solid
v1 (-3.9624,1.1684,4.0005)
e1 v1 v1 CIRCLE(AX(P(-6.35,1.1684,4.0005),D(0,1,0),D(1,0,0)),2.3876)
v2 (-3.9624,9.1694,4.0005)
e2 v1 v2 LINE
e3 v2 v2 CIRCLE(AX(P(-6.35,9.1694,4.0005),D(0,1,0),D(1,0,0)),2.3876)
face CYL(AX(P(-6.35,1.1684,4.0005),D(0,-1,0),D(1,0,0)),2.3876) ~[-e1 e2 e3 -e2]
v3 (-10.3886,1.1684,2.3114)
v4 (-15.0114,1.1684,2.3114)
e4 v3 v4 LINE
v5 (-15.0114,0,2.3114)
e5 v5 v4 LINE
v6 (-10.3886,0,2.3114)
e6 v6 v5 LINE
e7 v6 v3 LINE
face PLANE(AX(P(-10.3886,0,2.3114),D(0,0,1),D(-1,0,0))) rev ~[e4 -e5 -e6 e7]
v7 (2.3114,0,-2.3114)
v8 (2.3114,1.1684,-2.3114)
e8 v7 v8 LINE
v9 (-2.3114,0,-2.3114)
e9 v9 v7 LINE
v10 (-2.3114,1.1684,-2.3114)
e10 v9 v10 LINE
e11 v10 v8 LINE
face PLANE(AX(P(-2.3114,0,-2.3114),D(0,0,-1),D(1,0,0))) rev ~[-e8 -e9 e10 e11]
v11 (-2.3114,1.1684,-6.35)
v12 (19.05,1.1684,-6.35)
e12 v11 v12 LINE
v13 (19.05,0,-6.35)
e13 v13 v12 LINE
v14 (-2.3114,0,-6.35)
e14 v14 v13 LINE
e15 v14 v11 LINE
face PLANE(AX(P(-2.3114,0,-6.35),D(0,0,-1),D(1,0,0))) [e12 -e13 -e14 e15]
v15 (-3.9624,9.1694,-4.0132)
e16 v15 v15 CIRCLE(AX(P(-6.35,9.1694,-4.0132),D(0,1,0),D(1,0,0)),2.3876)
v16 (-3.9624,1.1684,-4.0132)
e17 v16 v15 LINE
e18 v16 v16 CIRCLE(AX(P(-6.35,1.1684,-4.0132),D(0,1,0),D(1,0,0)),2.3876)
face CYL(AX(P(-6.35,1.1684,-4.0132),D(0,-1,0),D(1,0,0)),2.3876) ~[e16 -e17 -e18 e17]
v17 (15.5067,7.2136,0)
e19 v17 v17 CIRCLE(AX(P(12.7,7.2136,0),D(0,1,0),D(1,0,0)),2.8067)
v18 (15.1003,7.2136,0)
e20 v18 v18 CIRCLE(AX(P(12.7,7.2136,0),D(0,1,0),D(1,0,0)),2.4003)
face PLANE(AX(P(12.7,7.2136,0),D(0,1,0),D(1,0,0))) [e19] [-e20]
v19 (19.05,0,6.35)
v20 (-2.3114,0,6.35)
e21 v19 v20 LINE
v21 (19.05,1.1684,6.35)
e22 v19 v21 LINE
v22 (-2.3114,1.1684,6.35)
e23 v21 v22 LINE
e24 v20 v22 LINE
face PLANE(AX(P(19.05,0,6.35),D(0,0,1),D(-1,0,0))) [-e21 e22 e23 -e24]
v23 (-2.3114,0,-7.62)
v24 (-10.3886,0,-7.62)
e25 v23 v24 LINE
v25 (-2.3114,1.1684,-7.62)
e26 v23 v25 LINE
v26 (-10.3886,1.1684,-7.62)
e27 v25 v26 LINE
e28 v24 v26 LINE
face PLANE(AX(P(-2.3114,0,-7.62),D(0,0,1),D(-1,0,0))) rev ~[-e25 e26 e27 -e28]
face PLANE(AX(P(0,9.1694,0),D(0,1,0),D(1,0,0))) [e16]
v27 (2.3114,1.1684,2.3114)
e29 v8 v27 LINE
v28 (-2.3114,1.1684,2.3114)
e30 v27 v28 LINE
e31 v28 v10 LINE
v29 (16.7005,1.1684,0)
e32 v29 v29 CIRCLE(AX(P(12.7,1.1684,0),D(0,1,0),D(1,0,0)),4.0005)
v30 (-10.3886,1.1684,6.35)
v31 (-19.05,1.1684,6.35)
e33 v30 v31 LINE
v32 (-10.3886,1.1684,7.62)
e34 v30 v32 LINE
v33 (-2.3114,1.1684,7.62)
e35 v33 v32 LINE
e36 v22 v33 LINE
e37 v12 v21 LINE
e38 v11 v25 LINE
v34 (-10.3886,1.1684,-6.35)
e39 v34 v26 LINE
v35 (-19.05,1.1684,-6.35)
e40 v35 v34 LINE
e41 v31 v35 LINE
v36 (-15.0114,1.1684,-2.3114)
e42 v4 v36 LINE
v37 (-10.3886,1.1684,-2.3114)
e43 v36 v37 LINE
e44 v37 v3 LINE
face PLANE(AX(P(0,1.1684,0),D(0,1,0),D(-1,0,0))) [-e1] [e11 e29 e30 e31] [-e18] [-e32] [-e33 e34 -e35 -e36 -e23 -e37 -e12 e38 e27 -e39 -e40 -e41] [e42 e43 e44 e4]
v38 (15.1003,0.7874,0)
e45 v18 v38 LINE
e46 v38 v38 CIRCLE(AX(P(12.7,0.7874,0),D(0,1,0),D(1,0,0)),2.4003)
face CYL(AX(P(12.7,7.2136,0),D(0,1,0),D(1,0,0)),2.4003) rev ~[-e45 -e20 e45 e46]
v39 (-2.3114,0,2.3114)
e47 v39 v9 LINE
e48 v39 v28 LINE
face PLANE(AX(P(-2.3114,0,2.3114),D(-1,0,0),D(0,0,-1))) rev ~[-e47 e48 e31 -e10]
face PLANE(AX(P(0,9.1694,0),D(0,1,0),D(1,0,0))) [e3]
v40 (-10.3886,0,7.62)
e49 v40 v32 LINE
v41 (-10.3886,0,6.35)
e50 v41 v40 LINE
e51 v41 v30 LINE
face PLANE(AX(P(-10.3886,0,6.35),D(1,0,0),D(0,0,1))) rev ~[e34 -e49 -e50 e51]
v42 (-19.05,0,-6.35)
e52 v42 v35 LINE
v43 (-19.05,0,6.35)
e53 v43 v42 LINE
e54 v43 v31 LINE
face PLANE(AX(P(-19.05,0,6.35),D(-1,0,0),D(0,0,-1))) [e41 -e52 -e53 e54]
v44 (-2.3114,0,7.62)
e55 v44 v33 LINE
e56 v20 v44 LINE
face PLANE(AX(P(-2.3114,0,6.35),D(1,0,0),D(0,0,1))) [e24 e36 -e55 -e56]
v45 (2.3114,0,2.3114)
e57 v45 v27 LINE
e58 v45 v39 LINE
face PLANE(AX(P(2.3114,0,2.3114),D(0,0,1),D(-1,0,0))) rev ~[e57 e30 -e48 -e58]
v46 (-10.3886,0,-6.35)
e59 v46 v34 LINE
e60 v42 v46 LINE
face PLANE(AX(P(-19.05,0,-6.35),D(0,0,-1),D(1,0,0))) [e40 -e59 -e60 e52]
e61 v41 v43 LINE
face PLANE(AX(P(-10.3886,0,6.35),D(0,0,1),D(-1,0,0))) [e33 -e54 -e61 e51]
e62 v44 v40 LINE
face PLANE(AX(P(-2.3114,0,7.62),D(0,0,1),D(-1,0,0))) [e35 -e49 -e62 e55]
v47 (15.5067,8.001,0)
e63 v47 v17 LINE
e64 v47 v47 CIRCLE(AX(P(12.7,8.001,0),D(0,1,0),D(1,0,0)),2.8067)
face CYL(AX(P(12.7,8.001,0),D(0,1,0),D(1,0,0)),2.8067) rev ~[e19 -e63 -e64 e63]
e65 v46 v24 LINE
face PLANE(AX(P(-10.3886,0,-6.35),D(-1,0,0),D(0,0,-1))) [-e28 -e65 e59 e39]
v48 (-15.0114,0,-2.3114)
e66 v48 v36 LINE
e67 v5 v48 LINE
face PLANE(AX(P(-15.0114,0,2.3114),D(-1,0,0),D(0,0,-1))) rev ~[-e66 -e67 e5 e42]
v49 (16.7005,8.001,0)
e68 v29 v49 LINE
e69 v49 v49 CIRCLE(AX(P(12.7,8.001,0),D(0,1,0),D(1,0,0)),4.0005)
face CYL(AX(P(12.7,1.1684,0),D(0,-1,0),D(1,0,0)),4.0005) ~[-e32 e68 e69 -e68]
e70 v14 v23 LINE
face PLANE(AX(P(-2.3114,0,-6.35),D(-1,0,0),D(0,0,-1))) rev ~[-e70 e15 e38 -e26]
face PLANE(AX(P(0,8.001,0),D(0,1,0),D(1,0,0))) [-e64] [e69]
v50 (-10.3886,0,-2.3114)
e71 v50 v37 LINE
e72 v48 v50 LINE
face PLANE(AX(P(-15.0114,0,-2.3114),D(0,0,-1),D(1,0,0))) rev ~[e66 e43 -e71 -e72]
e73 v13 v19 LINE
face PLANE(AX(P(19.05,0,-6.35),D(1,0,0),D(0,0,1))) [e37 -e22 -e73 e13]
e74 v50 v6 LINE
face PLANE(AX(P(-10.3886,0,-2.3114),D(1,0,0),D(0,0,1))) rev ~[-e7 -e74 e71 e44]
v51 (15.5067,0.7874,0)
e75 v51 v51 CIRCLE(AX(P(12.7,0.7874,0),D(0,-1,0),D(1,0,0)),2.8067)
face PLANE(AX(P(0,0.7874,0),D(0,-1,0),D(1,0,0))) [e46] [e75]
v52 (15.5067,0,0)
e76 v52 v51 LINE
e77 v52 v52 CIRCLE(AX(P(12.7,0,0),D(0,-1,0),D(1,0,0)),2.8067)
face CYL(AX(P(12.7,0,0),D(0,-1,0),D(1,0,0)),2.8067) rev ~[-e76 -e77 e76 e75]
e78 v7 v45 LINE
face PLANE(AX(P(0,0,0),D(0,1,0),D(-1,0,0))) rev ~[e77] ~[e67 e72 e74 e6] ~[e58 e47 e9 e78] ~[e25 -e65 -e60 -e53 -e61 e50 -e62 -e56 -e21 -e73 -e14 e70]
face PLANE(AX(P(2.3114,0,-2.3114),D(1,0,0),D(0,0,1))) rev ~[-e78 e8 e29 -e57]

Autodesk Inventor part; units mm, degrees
ref_plane "YZ Plane" through (0, 0, 0) normal (1, 0, 0) x (0, 1, 0)
ref_plane "XZ Plane" through (0, 0, 0) normal (0, 1, 0) x (-1, 0, 0)
ref_plane "XY Plane" through (0, 0, 0) normal (0, 0, 1) x (1, 0, 0)
sketch "Sketch4" plane through (0, 0, 0) normal (0, 1, 0) x (-1, 0, 0)
  line L0 (-19.05, 6.35) -> (2.3114, 6.35)
  line L1 (19.05, 6.35) -> (19.05, -6.35)
  line L2 (19.05, -6.35) -> (10.3886, -6.35)
  line L3 (-19.05, -6.35) -> (-19.05, 6.35)
  line L4 (-19.05, 6.35) -> (19.05, -6.35) construction
  line L5 (19.05, 6.35) -> (-19.05, -6.35) construction
  line L6 (-2.3114, 2.3114) -> (2.3114, 2.3114)
  line L7 (2.3114, 2.3114) -> (2.3114, -2.3114)
  line L8 (2.3114, -2.3114) -> (-2.3114, -2.3114)
  line L9 (-2.3114, -2.3114) -> (-2.3114, 2.3114)
  line L10 (-2.3114, 2.3114) -> (2.3114, -2.3114) construction
  line L11 (2.3114, 2.3114) -> (-2.3114, -2.3114) construction
  line L12 (10.3886, 2.3114) -> (15.0114, 2.3114)
  line L13 (15.0114, 2.3114) -> (15.0114, -2.3114)
  line L14 (15.0114, -2.3114) -> (10.3886, -2.3114)
  line L15 (10.3886, -2.3114) -> (10.3886, 2.3114)
  line L16 (10.3886, 2.3114) -> (15.0114, -2.3114) construction
  line L17 (15.0114, 2.3114) -> (10.3886, -2.3114) construction
  line L18 (10.3886, 6.35) -> (10.3886, 7.62)
  line L19 (2.3114, 6.35) -> (2.3114, 7.62)
  line L20 (2.3114, 7.62) -> (10.3886, 7.62)
  line L21 (10.3886, -6.35) -> (10.3886, -7.62)
  line L22 (2.3114, -6.35) -> (2.3114, -7.62)
  line L23 (2.3114, -7.62) -> (10.3886, -7.62)
  line L24 (10.3886, 6.35) -> (19.05, 6.35)
  line L25 (2.3114, -6.35) -> (-19.05, -6.35)
  point P0 (0, 0)
  point P1 (12.7, 0)
  dimension "d14" = 38.1
  dimension "d15" = 12.7
  dimension "d16" = 4.6228
  dimension "d17" = 4.6228
  dimension "d18" = 4.6228
  dimension "d19" = 12.7
  dimension "d20" = 1.27
  dimension "d27" = 1.27
extrude "Extrusion2" add sketch "Sketch4" along normal blind 1.1684
sketch "Sketch5" plane through (0, 1.1684, 0) normal (0, 1, 0) x (1, 0, 0)
  circle A0 centre (-6.35, -4.0005) radius 2.3876
  point P0 (0, 0)
  point P1 (-6.35, 0)
  dimension "d24" = 6.35
  dimension "d25" = 4.7752
  dimension "d26" = 4.0005
sketch "Sketch6" plane through (0, 1.1684, 0) normal (0, 1, 0) x (1, 0, 0)
  circle A0 centre (-6.35, 4.0132) radius 2.3876
  point P0 (0, 0)
  point P1 (-6.35, 0)
  dimension "d29" = 6.35
  dimension "d30" = 4.7752
  dimension "d31" = 4.0132
extrude "Extrusion3" add sketch "Sketch5" along normal blind 8.001
extrude "Extrusion4" add sketch "Sketch6" along normal blind 8.001
sketch "Sketch8" plane through (0, 1.1684, 0) normal (0, 1, 0) x (1, 0, 0)
  circle A0 centre (12.7, 0) radius 4.0005
  point P0 (0, 0)
  dimension "d41" = 12.7
  dimension "d45" = 8.001
extrude "Extrusion6" add sketch "Sketch8" along normal blind 6.8326
sketch "Sketch9" plane through (12.7, 8.001, 0) normal (0, 1, 0) x (1, 0, 0)
  circle A0 centre (0, 0) radius 2.8067
  point P0 (-12.7, 0)
  dimension "d48" = 5.6134
extrude "Extrusion7" cut sketch "Sketch9" against normal blind 0.7874
sketch "Sketch10" plane through (12.7, 7.2136, 0) normal (0, 1, 0) x (1, 0, 0)
  circle A0 centre (0, 0) radius 2.4003
  point P0 (-12.7, 0)
  dimension "d51" = 4.8006
extrude "Extrusion8" cut sketch "Sketch10" against normal through all
sketch "Sketch11" plane through (0, 0, 0) normal (0, -1, 0) x (1, 0, 0)
  circle A0 centre (12.7, 0) radius 4.0005 projected
  circle A1 centre (12.7, 0) radius 2.8067
  point P0 (0, 0)
  dimension "d54" = 12.7
  dimension "d55" = 5.6134
extrude "Extrusion9" cut sketch "Sketch11" against normal blind 0.7874 contours A1
properties part number "VexLegoWidget2"
